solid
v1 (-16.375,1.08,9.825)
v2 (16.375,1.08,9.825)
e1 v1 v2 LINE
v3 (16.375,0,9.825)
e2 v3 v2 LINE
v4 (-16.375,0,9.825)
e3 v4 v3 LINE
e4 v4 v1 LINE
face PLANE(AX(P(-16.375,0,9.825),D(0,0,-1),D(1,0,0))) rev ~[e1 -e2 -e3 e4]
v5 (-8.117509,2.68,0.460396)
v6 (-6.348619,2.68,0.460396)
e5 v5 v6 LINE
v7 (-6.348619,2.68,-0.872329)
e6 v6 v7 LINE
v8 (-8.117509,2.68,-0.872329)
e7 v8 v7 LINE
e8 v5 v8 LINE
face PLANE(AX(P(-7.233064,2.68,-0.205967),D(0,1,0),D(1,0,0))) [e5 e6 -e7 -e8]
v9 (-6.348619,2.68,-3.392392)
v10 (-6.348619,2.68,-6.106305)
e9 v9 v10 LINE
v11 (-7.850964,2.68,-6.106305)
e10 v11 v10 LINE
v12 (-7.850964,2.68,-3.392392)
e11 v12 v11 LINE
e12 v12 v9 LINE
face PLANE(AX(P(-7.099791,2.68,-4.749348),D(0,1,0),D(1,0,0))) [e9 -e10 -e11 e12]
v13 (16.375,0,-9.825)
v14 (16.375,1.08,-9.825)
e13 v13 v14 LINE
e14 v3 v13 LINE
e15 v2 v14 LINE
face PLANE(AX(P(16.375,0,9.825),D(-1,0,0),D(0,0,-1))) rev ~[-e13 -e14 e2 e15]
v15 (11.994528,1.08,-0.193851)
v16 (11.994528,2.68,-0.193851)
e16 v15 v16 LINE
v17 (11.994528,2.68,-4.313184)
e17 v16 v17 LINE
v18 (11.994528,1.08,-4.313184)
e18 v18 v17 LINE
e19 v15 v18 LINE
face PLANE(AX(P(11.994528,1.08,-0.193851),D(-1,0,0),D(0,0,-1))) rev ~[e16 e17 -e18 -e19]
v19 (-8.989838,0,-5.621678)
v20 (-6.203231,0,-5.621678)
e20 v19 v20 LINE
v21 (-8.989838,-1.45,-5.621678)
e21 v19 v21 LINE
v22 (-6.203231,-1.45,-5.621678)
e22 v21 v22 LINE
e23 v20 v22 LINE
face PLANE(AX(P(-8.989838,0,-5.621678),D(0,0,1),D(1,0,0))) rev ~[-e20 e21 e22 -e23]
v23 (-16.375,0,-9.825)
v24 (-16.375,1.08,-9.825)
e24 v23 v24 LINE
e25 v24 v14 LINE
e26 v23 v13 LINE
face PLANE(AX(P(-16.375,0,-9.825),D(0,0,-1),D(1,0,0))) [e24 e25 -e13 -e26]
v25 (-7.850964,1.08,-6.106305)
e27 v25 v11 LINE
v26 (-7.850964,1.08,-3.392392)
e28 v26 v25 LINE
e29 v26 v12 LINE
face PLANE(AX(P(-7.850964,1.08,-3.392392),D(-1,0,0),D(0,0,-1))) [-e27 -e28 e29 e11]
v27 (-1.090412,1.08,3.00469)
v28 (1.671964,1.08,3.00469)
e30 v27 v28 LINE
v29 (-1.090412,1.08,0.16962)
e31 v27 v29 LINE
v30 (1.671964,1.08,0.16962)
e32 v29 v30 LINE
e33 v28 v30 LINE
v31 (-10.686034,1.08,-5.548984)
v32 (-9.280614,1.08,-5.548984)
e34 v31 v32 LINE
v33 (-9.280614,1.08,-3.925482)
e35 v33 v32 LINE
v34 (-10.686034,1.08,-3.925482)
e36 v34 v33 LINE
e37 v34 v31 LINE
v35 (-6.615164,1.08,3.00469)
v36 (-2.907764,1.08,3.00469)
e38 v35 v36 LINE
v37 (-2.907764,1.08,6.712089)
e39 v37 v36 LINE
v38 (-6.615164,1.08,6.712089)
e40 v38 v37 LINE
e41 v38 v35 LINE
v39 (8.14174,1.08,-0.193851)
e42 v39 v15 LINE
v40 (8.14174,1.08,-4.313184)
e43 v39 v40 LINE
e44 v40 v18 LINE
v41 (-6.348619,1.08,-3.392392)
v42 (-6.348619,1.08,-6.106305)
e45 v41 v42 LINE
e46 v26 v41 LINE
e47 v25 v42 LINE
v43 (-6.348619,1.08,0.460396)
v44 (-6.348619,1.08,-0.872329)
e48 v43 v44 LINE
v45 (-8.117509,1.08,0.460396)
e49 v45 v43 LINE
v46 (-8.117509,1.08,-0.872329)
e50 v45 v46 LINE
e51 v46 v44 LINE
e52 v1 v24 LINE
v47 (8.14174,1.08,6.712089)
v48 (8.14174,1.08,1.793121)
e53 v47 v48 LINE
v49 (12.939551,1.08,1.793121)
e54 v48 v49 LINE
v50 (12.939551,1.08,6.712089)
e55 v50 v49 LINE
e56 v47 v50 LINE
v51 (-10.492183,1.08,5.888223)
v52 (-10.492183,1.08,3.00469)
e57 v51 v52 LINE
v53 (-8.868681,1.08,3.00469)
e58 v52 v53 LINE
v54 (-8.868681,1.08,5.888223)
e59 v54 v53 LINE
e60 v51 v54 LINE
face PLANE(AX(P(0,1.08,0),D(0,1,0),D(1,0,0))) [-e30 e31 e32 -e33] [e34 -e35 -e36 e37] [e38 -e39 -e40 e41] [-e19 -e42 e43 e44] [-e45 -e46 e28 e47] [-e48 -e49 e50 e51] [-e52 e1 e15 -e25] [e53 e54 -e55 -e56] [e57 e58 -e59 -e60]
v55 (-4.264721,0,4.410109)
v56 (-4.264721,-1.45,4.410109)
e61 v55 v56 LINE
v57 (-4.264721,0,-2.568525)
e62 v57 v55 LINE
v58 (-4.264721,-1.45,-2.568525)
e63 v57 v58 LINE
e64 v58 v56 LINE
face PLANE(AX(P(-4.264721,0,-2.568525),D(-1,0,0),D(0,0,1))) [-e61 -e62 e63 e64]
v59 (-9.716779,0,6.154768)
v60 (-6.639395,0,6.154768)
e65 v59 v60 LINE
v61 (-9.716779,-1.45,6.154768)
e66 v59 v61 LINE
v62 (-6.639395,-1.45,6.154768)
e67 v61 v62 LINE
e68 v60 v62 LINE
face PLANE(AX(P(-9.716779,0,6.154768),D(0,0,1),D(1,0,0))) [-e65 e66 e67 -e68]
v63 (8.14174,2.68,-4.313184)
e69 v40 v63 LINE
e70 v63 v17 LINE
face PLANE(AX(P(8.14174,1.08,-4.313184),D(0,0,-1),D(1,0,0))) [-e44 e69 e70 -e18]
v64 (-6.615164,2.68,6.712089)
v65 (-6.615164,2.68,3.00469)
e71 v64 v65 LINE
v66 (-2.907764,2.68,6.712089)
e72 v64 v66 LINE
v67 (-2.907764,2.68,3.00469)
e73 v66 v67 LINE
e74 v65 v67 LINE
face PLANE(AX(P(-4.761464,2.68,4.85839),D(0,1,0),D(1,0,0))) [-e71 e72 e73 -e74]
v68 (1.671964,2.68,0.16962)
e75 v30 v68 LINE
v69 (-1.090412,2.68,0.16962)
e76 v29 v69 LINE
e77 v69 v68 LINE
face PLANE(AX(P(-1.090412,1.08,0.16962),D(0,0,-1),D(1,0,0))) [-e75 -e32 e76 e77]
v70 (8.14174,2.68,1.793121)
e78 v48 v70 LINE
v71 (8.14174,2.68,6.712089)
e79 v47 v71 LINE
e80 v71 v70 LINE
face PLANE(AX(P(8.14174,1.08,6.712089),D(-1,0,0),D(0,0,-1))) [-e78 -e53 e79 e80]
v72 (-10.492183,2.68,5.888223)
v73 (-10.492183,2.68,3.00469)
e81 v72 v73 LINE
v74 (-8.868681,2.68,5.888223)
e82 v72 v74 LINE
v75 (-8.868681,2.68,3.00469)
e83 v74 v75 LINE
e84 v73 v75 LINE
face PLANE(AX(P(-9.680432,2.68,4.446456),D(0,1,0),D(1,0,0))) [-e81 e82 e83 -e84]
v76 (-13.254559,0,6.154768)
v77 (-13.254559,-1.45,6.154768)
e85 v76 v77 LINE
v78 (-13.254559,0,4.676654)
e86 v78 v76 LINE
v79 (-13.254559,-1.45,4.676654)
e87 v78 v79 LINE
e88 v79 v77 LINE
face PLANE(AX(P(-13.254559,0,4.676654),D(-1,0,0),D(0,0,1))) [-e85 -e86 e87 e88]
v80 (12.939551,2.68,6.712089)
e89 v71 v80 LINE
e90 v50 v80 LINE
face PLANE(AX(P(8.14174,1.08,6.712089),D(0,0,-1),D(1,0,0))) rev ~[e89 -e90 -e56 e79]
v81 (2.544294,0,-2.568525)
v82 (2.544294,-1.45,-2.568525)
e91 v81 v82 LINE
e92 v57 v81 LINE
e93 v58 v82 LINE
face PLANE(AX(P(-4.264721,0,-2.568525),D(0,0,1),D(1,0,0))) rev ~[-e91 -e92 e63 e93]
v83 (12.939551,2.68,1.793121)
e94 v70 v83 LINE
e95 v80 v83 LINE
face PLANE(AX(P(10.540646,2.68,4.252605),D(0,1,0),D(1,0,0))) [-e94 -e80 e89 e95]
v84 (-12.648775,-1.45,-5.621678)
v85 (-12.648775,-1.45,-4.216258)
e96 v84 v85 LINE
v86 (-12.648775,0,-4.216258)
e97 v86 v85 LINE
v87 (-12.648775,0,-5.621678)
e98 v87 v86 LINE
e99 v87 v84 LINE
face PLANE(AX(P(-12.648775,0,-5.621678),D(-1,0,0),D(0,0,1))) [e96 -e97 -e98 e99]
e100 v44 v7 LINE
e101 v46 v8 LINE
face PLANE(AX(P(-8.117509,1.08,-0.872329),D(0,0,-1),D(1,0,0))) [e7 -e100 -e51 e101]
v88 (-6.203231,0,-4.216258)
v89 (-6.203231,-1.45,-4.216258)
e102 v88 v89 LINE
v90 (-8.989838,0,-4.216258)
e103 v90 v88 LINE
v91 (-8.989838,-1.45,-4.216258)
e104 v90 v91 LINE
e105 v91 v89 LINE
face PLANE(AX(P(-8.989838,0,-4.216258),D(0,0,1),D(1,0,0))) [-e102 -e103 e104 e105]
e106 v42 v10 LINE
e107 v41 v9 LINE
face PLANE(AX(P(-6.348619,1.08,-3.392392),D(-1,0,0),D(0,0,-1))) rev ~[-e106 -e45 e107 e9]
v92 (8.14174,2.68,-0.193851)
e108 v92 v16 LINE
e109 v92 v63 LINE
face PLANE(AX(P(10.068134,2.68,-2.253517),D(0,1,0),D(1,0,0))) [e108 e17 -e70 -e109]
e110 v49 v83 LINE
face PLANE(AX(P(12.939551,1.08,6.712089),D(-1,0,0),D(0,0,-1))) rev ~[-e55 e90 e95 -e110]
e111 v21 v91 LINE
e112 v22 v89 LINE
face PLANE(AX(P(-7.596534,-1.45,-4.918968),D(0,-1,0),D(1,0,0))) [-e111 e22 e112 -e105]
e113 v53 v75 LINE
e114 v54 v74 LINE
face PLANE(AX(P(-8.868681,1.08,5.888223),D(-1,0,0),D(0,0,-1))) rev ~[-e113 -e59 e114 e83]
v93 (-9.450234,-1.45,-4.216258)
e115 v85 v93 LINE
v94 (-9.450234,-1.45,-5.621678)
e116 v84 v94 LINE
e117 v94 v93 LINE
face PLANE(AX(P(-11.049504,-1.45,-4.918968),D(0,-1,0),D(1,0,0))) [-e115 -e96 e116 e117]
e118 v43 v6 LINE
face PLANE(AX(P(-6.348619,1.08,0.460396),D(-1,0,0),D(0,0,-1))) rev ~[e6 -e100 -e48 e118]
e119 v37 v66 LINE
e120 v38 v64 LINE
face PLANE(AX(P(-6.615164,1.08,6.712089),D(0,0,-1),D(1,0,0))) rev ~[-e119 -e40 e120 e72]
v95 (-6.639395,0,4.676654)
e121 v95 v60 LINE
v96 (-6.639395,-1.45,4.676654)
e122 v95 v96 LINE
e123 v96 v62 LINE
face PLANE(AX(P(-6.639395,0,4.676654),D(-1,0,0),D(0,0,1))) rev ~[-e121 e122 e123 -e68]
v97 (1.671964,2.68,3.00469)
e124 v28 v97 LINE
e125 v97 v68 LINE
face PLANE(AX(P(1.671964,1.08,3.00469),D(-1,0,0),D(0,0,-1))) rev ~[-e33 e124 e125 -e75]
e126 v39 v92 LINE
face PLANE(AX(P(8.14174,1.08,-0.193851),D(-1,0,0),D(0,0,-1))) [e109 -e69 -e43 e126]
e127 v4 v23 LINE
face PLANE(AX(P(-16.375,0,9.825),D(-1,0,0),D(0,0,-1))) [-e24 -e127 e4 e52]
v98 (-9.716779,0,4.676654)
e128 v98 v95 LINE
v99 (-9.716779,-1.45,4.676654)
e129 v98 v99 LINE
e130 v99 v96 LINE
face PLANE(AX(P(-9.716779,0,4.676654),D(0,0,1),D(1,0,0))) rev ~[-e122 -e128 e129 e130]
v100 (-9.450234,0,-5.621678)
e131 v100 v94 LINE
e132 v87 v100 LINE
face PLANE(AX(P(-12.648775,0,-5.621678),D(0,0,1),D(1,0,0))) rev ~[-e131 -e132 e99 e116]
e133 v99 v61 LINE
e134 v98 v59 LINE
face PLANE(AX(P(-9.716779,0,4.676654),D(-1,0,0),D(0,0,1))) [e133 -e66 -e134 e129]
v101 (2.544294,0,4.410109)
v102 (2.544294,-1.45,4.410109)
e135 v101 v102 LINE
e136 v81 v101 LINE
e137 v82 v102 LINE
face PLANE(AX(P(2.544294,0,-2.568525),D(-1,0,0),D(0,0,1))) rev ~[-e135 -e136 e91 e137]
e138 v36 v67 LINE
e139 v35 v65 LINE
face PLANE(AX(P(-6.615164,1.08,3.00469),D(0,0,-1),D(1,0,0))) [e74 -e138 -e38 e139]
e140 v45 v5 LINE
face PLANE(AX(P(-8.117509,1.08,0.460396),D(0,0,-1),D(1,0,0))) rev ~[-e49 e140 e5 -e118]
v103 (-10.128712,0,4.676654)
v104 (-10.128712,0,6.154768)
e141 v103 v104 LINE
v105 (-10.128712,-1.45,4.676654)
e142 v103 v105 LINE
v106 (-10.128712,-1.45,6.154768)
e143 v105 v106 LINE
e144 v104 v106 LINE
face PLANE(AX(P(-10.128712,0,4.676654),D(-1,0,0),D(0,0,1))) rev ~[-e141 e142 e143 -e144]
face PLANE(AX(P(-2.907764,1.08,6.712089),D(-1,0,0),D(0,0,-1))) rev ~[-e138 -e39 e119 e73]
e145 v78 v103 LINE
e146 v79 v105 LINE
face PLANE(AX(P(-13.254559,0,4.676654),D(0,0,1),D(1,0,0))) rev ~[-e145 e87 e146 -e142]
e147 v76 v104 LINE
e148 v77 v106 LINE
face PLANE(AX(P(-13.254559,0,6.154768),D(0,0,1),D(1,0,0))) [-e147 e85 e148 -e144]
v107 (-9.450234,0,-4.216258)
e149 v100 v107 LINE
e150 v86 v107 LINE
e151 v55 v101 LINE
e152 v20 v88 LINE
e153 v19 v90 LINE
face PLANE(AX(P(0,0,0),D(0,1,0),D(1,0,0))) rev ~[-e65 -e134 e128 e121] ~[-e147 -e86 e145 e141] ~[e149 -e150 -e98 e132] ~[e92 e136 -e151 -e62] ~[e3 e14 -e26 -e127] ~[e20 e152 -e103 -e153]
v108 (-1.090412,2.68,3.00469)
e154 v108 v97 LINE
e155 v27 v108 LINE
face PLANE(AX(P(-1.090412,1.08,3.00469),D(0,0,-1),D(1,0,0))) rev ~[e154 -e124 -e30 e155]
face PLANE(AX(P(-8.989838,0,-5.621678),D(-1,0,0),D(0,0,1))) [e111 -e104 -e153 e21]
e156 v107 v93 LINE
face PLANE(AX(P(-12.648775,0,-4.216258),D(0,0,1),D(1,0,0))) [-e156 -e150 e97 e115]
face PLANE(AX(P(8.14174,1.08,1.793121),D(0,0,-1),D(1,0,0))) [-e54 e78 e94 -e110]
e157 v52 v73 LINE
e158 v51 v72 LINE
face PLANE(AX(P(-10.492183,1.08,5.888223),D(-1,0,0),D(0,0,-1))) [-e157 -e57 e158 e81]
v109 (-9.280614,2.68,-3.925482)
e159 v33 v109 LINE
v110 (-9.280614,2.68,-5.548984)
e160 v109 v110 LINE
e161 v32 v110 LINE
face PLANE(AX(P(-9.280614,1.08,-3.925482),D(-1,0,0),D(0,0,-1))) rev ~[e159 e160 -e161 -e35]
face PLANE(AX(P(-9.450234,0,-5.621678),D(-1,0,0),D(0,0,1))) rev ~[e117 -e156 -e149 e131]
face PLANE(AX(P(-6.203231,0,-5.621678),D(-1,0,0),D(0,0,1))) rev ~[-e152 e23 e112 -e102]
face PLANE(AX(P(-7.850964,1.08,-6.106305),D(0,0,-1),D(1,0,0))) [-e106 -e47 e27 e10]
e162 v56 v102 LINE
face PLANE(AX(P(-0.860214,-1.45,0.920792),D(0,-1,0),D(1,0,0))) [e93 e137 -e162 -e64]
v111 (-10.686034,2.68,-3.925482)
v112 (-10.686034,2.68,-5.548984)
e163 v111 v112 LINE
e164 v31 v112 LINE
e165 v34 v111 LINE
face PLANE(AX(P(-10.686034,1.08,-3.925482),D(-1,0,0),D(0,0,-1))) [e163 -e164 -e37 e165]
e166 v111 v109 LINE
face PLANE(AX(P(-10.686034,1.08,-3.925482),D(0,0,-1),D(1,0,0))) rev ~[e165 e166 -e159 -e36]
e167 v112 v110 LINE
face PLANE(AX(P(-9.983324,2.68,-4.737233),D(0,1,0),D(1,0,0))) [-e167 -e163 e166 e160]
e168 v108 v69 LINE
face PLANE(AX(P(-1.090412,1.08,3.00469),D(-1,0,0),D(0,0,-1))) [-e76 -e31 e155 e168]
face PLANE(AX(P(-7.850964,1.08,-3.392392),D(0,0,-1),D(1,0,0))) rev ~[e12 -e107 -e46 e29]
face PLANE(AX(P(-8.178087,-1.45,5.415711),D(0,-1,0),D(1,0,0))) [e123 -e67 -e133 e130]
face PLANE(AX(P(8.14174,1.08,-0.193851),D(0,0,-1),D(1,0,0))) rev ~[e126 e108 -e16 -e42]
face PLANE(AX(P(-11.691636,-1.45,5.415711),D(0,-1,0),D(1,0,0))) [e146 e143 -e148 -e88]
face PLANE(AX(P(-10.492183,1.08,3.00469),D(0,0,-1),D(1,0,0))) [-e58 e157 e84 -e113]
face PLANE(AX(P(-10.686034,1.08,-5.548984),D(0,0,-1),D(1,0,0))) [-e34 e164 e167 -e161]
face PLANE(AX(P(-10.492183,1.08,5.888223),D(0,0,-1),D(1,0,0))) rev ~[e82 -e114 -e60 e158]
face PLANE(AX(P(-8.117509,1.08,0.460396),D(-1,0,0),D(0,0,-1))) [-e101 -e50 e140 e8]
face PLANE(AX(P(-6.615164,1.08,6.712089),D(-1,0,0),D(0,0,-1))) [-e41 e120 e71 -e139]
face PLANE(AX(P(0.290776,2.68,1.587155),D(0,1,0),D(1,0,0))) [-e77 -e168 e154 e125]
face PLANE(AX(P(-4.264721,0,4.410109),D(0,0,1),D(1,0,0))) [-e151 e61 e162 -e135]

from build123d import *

# Parameters (mm, degrees)
SKETCH1_W           = 32.75
SKETCH1_H           = 19.65
BOSS_EXTRUDE1_DEPTH = 1.08
SKETCH2_W           = 1.405419427
SKETCH2_H           = 1.623501752
SKETCH2_W_2         = 1.502344905
SKETCH2_H_2         = 2.713913376
SKETCH2_W_3         = 1.623501751
SKETCH2_H_3         = 2.883532962
SKETCH2_W_4         = 3.707399523
SKETCH2_H_4         = 3.707399523
SKETCH2_W_5         = 2.762376115
SKETCH2_H_5         = 2.835070223
SKETCH2_W_6         = 4.797811147
SKETCH2_H_6         = 4.918967994
SKETCH2_W_7         = 3.852787739
SKETCH2_H_7         = 4.119332803
SKETCH2_W_8         = 1.768889968
SKETCH2_H_8         = 1.332725318
BOSS_EXTRUDE2_DEPTH = 1.6
SKETCH3_W           = 6.809014809
SKETCH3_H           = 6.978634395
SKETCH3_W_2         = 3.198540765
SKETCH3_H_2         = 1.405419426
SKETCH3_W_3         = 2.786607484
SKETCH3_W_4         = 3.077383918
SKETCH3_H_3         = 1.478113535
SKETCH3_W_5         = 3.125846656
BOSS_EXTRUDE3_DEPTH = 1.45


with BuildPart() as part:
    # Sketch1 → Boss-Extrude1 (new body)
    with BuildSketch(Plane(origin=(0, 0, 0), x_dir=(1, 0, 0), z_dir=(0, 1, 0))):
        Rectangle(SKETCH1_W, SKETCH1_H)
    extrude(amount=BOSS_EXTRUDE1_DEPTH)

    # Sketch2 → Boss-Extrude2 (add)
    with BuildSketch(Plane(origin=(0, 1.08, 0), x_dir=(1, 0, 0), z_dir=(0, 1, 0))):
        with Locations((-9.983324205, 4.737232723)):
            Rectangle(SKETCH2_W, SKETCH2_H)
        with Locations((-7.099791243, 4.749348408)):
            Rectangle(SKETCH2_W_2, SKETCH2_H_2)
        with Locations((-9.680432087, -4.44645629)):
            Rectangle(SKETCH2_W_3, SKETCH2_H_3)
        with Locations((-4.761464093, -4.85838957)):
            Rectangle(SKETCH2_W_4, SKETCH2_H_4)
        with Locations((0.290776433, -1.587154698)):
            Rectangle(SKETCH2_W_5, SKETCH2_H_5)
        with Locations((10.540645702, -4.252605335)):
            Rectangle(SKETCH2_W_6, SKETCH2_H_6)
        with Locations((10.068133998, 2.253517357)):
            Rectangle(SKETCH2_W_7, SKETCH2_H_7)
        with Locations((-7.233063774, 0.20596664)):
            Rectangle(SKETCH2_W_8, SKETCH2_H_8)
    extrude(amount=BOSS_EXTRUDE2_DEPTH)

    # Sketch3 → Boss-Extrude3 (add)
    with BuildSketch(Plane.XZ):
        with Locations((-0.860213615, 0.920792039)):
            Rectangle(SKETCH3_W, SKETCH3_H)
        with Locations((-11.049504459, -4.918967994)):
            Rectangle(SKETCH3_W_2, SKETCH3_H_2)
        with Locations((-7.596534316, -4.918967994)):
            Rectangle(SKETCH3_W_3, SKETCH3_H_2)
        with Locations((-8.178087182, 5.415711068)):
            Rectangle(SKETCH3_W_4, SKETCH3_H_3)
        with Locations((-11.691635749, 5.415711068)):
            Rectangle(SKETCH3_W_5, SKETCH3_H_3)
    extrude(amount=BOSS_EXTRUDE3_DEPTH)


solid = part.part
